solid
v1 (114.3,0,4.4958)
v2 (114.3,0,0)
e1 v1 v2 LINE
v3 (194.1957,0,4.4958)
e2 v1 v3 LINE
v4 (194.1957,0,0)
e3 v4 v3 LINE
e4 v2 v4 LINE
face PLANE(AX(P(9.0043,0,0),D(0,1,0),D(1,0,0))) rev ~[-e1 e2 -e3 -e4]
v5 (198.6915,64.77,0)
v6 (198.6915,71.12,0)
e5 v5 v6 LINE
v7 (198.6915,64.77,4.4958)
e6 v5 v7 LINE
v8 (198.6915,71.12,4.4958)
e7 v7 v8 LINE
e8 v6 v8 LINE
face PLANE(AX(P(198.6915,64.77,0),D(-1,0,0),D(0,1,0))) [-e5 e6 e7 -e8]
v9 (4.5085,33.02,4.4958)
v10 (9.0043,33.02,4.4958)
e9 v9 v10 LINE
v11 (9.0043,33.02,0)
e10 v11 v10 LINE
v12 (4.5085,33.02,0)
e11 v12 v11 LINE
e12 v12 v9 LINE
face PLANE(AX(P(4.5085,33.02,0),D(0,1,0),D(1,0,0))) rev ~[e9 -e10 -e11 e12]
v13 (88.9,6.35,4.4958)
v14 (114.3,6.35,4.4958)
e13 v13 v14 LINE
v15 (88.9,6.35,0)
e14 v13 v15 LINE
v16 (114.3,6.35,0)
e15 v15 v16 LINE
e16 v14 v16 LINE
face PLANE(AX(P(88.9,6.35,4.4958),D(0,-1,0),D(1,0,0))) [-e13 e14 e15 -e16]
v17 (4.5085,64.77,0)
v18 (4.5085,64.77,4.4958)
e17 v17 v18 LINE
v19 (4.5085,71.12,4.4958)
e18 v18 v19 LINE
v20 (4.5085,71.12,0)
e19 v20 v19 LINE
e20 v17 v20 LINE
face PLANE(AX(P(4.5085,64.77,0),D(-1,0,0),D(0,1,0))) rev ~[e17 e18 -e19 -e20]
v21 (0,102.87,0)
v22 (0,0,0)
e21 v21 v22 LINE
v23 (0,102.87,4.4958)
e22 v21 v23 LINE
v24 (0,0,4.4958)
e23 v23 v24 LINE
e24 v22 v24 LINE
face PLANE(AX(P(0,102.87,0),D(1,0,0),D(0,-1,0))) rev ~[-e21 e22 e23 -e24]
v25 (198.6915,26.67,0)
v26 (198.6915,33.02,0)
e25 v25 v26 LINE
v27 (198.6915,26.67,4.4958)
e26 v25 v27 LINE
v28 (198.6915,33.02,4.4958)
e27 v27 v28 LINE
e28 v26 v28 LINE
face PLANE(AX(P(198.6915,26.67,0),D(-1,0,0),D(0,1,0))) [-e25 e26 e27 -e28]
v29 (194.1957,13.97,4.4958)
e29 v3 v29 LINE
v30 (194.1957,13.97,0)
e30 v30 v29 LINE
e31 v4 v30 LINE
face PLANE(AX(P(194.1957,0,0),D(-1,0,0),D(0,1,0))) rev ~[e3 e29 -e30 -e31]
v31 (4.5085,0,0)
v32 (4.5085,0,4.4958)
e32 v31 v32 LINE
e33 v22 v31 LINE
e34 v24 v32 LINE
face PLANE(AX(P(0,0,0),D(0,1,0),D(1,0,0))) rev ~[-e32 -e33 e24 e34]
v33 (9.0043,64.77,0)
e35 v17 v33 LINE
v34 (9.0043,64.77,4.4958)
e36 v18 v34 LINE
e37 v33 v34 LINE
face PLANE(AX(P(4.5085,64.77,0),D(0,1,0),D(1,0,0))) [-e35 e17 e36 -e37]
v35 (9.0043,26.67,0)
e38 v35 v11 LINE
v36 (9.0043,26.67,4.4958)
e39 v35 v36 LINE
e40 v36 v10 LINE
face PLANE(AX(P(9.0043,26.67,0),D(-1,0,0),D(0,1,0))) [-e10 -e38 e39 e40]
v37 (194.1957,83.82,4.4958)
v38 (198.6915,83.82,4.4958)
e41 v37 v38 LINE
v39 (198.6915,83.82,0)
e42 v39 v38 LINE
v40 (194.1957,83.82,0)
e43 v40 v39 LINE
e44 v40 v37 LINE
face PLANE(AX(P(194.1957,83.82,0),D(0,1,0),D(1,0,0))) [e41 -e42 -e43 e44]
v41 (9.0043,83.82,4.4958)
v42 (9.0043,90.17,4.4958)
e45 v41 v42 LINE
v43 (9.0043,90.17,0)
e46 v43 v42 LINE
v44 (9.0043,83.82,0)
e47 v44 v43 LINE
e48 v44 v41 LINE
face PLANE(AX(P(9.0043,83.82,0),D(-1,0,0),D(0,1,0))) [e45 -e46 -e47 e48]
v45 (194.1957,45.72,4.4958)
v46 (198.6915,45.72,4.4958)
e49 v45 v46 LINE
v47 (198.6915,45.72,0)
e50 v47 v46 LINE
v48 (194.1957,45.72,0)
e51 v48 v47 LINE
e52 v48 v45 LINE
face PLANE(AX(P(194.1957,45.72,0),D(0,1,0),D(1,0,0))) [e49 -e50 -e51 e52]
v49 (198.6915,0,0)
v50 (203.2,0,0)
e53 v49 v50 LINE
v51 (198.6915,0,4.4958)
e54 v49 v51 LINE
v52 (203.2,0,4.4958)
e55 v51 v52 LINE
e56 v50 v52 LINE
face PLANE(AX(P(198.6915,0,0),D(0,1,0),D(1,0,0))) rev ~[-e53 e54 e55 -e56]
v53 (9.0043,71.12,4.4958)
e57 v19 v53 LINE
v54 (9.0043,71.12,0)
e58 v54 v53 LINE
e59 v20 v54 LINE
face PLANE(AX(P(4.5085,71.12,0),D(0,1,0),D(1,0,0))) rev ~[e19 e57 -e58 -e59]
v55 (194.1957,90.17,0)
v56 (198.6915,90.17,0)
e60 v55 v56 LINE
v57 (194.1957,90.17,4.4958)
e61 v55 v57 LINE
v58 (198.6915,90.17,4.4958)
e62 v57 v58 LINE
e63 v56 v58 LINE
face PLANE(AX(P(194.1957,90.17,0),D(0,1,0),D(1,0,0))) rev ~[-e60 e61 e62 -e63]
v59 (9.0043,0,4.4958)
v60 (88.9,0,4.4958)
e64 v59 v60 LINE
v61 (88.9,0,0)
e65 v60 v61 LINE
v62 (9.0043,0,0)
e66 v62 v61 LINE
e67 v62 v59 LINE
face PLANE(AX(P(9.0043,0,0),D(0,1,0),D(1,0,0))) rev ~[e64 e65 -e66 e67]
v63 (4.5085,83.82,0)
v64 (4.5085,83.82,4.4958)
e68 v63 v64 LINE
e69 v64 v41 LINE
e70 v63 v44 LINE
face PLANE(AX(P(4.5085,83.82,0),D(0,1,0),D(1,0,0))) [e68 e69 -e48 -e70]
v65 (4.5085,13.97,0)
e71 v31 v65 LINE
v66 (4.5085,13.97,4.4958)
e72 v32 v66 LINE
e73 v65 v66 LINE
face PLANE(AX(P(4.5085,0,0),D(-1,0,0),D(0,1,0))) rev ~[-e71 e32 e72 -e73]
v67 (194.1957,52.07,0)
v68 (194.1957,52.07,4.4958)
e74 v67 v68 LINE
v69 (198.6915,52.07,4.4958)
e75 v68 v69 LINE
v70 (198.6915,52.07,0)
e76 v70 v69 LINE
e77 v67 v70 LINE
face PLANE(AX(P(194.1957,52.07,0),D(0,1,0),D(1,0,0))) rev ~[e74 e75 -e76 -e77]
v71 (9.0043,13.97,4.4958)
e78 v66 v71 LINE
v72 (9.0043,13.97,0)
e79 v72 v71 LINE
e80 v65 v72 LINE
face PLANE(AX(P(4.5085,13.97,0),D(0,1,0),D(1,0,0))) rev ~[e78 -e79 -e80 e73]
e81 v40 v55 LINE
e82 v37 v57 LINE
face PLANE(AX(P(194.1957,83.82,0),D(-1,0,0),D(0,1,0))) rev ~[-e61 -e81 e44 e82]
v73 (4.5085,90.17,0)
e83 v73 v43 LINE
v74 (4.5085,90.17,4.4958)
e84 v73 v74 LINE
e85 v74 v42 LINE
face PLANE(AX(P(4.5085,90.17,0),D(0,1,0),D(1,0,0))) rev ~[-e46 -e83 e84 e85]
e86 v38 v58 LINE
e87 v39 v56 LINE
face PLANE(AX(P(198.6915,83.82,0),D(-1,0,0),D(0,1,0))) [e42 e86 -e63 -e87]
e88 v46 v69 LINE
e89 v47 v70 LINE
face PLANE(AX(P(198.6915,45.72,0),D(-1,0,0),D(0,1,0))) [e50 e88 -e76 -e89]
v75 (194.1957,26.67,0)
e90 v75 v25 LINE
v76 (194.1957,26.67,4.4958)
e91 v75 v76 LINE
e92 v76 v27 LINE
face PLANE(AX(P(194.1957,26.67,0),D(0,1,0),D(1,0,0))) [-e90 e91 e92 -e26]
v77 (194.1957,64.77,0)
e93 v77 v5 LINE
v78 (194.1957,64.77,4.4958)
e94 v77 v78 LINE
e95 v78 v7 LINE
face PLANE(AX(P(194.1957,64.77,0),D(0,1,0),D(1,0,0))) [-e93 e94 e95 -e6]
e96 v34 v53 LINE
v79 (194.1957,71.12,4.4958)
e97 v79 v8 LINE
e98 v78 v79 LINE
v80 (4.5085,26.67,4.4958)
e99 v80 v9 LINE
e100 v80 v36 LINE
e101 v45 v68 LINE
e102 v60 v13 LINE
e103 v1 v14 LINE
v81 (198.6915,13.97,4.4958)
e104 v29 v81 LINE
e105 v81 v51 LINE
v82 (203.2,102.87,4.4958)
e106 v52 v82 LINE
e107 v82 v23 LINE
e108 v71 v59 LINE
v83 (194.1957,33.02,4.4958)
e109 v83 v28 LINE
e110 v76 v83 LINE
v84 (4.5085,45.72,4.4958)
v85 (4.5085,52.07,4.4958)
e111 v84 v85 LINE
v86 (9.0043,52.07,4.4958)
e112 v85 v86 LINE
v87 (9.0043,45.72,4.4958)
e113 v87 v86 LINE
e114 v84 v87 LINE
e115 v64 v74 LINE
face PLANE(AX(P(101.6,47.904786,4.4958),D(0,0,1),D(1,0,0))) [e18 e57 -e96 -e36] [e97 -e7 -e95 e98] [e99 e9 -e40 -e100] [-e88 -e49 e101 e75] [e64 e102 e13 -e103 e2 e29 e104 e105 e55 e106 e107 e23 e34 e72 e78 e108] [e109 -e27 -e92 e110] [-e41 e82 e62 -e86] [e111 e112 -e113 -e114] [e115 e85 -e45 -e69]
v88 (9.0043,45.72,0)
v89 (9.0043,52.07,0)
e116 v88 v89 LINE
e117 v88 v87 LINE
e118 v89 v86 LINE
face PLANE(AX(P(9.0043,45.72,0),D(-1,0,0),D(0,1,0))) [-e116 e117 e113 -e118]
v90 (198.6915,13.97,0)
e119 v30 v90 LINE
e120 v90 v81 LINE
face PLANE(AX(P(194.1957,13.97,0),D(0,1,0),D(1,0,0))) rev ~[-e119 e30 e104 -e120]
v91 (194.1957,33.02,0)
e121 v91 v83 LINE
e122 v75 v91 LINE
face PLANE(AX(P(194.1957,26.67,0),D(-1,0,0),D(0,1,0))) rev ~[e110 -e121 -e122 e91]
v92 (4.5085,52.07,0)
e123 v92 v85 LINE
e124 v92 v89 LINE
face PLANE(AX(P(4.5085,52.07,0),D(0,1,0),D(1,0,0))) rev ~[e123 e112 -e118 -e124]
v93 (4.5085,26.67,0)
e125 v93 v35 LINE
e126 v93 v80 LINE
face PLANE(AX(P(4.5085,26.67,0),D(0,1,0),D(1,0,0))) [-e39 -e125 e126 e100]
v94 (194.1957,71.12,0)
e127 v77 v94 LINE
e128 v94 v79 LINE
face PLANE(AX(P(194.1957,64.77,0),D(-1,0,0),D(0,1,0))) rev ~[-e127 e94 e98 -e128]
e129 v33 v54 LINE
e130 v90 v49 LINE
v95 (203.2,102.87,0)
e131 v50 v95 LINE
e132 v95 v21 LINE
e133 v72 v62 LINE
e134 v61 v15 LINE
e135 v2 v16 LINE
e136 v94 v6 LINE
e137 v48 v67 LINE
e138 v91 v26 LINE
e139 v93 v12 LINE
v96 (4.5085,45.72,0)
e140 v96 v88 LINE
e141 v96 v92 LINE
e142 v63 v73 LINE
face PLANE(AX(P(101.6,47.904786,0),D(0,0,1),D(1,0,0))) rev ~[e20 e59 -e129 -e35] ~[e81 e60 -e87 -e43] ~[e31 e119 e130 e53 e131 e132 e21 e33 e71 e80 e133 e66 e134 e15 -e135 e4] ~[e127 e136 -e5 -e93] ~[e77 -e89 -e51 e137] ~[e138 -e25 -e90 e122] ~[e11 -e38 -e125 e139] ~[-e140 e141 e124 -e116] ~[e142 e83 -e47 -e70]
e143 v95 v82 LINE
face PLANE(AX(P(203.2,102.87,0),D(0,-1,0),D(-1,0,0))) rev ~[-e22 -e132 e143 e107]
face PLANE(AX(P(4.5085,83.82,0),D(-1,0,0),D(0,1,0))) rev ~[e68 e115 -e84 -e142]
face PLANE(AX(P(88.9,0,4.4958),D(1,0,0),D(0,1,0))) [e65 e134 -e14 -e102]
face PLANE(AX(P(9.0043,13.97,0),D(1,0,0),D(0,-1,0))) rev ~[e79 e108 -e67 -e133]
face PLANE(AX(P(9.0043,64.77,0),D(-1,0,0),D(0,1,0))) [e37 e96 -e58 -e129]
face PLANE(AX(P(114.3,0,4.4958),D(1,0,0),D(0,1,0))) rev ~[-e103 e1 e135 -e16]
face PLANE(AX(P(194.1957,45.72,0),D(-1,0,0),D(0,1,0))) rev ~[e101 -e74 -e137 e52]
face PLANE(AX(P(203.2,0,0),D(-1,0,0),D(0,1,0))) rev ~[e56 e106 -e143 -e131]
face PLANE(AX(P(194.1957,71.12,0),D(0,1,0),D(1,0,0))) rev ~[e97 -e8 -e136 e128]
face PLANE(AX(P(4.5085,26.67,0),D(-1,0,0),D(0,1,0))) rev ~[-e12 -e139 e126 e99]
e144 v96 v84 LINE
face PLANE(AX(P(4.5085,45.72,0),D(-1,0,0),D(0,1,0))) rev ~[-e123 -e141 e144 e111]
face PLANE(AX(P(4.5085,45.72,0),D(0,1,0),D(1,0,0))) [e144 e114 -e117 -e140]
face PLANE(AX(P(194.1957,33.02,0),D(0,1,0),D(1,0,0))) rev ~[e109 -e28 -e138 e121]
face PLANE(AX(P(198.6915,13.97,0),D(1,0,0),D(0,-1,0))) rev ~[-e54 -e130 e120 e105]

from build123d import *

# Parameters (mm, degrees)
SKETCH1_W           = 4.4958
SKETCH1_H           = 6.35
BOSS_EXTRUDE1_DEPTH = 4.4958
SKETCH2_W           = 25.4
SKETCH2_H           = 6.35
CUT_EXTRUDE1_DEPTH  = 228.799668827


with BuildPart() as part:
    # Sketch1 → Boss-Extrude1 (new body)
    with BuildSketch(Plane.XY):
        Polygon((0, 102.87), (0, 0), (4.5085, 0), (4.5085, 7.62), (4.5085, 13.97), (9.0043, 13.97), (9.0043, 7.62), (9.0043, 0), (194.1957, 0), (194.1957, 7.62), (194.1957, 13.97), (198.6915, 13.97), (198.6915, 7.62), (198.6915, 0), (203.2, 0), (203.2, 102.87), align=None)
        with Locations((6.7564, 29.845)):
            Rectangle(SKETCH1_W, SKETCH1_H, mode=Mode.SUBTRACT)
        with Locations((6.7564, 48.895)):
            Rectangle(SKETCH1_W, SKETCH1_H, mode=Mode.SUBTRACT)
        with Locations((196.4436, 29.845)):
            Rectangle(SKETCH1_W, SKETCH1_H, mode=Mode.SUBTRACT)
        with Locations((196.4436, 48.895)):
            Rectangle(SKETCH1_W, SKETCH1_H, mode=Mode.SUBTRACT)
        with Locations((6.7564, 67.945)):
            Rectangle(SKETCH1_W, SKETCH1_H, mode=Mode.SUBTRACT)
        with Locations((6.7564, 86.995)):
            Rectangle(SKETCH1_W, SKETCH1_H, mode=Mode.SUBTRACT)
        with Locations((196.4436, 67.945)):
            Rectangle(SKETCH1_W, SKETCH1_H, mode=Mode.SUBTRACT)
        with Locations((196.4436, 86.995)):
            Rectangle(SKETCH1_W, SKETCH1_H, mode=Mode.SUBTRACT)
    extrude(amount=BOSS_EXTRUDE1_DEPTH)

    # Sketch2 → Cut-Extrude1 (cut, through all)
    with BuildSketch(Plane.XY.offset(4.4958)):
        with Locations((101.6, 3.175)):
            Rectangle(SKETCH2_W, SKETCH2_H)
    extrude(amount=-CUT_EXTRUDE1_DEPTH, mode=Mode.SUBTRACT)


solid = part.part
